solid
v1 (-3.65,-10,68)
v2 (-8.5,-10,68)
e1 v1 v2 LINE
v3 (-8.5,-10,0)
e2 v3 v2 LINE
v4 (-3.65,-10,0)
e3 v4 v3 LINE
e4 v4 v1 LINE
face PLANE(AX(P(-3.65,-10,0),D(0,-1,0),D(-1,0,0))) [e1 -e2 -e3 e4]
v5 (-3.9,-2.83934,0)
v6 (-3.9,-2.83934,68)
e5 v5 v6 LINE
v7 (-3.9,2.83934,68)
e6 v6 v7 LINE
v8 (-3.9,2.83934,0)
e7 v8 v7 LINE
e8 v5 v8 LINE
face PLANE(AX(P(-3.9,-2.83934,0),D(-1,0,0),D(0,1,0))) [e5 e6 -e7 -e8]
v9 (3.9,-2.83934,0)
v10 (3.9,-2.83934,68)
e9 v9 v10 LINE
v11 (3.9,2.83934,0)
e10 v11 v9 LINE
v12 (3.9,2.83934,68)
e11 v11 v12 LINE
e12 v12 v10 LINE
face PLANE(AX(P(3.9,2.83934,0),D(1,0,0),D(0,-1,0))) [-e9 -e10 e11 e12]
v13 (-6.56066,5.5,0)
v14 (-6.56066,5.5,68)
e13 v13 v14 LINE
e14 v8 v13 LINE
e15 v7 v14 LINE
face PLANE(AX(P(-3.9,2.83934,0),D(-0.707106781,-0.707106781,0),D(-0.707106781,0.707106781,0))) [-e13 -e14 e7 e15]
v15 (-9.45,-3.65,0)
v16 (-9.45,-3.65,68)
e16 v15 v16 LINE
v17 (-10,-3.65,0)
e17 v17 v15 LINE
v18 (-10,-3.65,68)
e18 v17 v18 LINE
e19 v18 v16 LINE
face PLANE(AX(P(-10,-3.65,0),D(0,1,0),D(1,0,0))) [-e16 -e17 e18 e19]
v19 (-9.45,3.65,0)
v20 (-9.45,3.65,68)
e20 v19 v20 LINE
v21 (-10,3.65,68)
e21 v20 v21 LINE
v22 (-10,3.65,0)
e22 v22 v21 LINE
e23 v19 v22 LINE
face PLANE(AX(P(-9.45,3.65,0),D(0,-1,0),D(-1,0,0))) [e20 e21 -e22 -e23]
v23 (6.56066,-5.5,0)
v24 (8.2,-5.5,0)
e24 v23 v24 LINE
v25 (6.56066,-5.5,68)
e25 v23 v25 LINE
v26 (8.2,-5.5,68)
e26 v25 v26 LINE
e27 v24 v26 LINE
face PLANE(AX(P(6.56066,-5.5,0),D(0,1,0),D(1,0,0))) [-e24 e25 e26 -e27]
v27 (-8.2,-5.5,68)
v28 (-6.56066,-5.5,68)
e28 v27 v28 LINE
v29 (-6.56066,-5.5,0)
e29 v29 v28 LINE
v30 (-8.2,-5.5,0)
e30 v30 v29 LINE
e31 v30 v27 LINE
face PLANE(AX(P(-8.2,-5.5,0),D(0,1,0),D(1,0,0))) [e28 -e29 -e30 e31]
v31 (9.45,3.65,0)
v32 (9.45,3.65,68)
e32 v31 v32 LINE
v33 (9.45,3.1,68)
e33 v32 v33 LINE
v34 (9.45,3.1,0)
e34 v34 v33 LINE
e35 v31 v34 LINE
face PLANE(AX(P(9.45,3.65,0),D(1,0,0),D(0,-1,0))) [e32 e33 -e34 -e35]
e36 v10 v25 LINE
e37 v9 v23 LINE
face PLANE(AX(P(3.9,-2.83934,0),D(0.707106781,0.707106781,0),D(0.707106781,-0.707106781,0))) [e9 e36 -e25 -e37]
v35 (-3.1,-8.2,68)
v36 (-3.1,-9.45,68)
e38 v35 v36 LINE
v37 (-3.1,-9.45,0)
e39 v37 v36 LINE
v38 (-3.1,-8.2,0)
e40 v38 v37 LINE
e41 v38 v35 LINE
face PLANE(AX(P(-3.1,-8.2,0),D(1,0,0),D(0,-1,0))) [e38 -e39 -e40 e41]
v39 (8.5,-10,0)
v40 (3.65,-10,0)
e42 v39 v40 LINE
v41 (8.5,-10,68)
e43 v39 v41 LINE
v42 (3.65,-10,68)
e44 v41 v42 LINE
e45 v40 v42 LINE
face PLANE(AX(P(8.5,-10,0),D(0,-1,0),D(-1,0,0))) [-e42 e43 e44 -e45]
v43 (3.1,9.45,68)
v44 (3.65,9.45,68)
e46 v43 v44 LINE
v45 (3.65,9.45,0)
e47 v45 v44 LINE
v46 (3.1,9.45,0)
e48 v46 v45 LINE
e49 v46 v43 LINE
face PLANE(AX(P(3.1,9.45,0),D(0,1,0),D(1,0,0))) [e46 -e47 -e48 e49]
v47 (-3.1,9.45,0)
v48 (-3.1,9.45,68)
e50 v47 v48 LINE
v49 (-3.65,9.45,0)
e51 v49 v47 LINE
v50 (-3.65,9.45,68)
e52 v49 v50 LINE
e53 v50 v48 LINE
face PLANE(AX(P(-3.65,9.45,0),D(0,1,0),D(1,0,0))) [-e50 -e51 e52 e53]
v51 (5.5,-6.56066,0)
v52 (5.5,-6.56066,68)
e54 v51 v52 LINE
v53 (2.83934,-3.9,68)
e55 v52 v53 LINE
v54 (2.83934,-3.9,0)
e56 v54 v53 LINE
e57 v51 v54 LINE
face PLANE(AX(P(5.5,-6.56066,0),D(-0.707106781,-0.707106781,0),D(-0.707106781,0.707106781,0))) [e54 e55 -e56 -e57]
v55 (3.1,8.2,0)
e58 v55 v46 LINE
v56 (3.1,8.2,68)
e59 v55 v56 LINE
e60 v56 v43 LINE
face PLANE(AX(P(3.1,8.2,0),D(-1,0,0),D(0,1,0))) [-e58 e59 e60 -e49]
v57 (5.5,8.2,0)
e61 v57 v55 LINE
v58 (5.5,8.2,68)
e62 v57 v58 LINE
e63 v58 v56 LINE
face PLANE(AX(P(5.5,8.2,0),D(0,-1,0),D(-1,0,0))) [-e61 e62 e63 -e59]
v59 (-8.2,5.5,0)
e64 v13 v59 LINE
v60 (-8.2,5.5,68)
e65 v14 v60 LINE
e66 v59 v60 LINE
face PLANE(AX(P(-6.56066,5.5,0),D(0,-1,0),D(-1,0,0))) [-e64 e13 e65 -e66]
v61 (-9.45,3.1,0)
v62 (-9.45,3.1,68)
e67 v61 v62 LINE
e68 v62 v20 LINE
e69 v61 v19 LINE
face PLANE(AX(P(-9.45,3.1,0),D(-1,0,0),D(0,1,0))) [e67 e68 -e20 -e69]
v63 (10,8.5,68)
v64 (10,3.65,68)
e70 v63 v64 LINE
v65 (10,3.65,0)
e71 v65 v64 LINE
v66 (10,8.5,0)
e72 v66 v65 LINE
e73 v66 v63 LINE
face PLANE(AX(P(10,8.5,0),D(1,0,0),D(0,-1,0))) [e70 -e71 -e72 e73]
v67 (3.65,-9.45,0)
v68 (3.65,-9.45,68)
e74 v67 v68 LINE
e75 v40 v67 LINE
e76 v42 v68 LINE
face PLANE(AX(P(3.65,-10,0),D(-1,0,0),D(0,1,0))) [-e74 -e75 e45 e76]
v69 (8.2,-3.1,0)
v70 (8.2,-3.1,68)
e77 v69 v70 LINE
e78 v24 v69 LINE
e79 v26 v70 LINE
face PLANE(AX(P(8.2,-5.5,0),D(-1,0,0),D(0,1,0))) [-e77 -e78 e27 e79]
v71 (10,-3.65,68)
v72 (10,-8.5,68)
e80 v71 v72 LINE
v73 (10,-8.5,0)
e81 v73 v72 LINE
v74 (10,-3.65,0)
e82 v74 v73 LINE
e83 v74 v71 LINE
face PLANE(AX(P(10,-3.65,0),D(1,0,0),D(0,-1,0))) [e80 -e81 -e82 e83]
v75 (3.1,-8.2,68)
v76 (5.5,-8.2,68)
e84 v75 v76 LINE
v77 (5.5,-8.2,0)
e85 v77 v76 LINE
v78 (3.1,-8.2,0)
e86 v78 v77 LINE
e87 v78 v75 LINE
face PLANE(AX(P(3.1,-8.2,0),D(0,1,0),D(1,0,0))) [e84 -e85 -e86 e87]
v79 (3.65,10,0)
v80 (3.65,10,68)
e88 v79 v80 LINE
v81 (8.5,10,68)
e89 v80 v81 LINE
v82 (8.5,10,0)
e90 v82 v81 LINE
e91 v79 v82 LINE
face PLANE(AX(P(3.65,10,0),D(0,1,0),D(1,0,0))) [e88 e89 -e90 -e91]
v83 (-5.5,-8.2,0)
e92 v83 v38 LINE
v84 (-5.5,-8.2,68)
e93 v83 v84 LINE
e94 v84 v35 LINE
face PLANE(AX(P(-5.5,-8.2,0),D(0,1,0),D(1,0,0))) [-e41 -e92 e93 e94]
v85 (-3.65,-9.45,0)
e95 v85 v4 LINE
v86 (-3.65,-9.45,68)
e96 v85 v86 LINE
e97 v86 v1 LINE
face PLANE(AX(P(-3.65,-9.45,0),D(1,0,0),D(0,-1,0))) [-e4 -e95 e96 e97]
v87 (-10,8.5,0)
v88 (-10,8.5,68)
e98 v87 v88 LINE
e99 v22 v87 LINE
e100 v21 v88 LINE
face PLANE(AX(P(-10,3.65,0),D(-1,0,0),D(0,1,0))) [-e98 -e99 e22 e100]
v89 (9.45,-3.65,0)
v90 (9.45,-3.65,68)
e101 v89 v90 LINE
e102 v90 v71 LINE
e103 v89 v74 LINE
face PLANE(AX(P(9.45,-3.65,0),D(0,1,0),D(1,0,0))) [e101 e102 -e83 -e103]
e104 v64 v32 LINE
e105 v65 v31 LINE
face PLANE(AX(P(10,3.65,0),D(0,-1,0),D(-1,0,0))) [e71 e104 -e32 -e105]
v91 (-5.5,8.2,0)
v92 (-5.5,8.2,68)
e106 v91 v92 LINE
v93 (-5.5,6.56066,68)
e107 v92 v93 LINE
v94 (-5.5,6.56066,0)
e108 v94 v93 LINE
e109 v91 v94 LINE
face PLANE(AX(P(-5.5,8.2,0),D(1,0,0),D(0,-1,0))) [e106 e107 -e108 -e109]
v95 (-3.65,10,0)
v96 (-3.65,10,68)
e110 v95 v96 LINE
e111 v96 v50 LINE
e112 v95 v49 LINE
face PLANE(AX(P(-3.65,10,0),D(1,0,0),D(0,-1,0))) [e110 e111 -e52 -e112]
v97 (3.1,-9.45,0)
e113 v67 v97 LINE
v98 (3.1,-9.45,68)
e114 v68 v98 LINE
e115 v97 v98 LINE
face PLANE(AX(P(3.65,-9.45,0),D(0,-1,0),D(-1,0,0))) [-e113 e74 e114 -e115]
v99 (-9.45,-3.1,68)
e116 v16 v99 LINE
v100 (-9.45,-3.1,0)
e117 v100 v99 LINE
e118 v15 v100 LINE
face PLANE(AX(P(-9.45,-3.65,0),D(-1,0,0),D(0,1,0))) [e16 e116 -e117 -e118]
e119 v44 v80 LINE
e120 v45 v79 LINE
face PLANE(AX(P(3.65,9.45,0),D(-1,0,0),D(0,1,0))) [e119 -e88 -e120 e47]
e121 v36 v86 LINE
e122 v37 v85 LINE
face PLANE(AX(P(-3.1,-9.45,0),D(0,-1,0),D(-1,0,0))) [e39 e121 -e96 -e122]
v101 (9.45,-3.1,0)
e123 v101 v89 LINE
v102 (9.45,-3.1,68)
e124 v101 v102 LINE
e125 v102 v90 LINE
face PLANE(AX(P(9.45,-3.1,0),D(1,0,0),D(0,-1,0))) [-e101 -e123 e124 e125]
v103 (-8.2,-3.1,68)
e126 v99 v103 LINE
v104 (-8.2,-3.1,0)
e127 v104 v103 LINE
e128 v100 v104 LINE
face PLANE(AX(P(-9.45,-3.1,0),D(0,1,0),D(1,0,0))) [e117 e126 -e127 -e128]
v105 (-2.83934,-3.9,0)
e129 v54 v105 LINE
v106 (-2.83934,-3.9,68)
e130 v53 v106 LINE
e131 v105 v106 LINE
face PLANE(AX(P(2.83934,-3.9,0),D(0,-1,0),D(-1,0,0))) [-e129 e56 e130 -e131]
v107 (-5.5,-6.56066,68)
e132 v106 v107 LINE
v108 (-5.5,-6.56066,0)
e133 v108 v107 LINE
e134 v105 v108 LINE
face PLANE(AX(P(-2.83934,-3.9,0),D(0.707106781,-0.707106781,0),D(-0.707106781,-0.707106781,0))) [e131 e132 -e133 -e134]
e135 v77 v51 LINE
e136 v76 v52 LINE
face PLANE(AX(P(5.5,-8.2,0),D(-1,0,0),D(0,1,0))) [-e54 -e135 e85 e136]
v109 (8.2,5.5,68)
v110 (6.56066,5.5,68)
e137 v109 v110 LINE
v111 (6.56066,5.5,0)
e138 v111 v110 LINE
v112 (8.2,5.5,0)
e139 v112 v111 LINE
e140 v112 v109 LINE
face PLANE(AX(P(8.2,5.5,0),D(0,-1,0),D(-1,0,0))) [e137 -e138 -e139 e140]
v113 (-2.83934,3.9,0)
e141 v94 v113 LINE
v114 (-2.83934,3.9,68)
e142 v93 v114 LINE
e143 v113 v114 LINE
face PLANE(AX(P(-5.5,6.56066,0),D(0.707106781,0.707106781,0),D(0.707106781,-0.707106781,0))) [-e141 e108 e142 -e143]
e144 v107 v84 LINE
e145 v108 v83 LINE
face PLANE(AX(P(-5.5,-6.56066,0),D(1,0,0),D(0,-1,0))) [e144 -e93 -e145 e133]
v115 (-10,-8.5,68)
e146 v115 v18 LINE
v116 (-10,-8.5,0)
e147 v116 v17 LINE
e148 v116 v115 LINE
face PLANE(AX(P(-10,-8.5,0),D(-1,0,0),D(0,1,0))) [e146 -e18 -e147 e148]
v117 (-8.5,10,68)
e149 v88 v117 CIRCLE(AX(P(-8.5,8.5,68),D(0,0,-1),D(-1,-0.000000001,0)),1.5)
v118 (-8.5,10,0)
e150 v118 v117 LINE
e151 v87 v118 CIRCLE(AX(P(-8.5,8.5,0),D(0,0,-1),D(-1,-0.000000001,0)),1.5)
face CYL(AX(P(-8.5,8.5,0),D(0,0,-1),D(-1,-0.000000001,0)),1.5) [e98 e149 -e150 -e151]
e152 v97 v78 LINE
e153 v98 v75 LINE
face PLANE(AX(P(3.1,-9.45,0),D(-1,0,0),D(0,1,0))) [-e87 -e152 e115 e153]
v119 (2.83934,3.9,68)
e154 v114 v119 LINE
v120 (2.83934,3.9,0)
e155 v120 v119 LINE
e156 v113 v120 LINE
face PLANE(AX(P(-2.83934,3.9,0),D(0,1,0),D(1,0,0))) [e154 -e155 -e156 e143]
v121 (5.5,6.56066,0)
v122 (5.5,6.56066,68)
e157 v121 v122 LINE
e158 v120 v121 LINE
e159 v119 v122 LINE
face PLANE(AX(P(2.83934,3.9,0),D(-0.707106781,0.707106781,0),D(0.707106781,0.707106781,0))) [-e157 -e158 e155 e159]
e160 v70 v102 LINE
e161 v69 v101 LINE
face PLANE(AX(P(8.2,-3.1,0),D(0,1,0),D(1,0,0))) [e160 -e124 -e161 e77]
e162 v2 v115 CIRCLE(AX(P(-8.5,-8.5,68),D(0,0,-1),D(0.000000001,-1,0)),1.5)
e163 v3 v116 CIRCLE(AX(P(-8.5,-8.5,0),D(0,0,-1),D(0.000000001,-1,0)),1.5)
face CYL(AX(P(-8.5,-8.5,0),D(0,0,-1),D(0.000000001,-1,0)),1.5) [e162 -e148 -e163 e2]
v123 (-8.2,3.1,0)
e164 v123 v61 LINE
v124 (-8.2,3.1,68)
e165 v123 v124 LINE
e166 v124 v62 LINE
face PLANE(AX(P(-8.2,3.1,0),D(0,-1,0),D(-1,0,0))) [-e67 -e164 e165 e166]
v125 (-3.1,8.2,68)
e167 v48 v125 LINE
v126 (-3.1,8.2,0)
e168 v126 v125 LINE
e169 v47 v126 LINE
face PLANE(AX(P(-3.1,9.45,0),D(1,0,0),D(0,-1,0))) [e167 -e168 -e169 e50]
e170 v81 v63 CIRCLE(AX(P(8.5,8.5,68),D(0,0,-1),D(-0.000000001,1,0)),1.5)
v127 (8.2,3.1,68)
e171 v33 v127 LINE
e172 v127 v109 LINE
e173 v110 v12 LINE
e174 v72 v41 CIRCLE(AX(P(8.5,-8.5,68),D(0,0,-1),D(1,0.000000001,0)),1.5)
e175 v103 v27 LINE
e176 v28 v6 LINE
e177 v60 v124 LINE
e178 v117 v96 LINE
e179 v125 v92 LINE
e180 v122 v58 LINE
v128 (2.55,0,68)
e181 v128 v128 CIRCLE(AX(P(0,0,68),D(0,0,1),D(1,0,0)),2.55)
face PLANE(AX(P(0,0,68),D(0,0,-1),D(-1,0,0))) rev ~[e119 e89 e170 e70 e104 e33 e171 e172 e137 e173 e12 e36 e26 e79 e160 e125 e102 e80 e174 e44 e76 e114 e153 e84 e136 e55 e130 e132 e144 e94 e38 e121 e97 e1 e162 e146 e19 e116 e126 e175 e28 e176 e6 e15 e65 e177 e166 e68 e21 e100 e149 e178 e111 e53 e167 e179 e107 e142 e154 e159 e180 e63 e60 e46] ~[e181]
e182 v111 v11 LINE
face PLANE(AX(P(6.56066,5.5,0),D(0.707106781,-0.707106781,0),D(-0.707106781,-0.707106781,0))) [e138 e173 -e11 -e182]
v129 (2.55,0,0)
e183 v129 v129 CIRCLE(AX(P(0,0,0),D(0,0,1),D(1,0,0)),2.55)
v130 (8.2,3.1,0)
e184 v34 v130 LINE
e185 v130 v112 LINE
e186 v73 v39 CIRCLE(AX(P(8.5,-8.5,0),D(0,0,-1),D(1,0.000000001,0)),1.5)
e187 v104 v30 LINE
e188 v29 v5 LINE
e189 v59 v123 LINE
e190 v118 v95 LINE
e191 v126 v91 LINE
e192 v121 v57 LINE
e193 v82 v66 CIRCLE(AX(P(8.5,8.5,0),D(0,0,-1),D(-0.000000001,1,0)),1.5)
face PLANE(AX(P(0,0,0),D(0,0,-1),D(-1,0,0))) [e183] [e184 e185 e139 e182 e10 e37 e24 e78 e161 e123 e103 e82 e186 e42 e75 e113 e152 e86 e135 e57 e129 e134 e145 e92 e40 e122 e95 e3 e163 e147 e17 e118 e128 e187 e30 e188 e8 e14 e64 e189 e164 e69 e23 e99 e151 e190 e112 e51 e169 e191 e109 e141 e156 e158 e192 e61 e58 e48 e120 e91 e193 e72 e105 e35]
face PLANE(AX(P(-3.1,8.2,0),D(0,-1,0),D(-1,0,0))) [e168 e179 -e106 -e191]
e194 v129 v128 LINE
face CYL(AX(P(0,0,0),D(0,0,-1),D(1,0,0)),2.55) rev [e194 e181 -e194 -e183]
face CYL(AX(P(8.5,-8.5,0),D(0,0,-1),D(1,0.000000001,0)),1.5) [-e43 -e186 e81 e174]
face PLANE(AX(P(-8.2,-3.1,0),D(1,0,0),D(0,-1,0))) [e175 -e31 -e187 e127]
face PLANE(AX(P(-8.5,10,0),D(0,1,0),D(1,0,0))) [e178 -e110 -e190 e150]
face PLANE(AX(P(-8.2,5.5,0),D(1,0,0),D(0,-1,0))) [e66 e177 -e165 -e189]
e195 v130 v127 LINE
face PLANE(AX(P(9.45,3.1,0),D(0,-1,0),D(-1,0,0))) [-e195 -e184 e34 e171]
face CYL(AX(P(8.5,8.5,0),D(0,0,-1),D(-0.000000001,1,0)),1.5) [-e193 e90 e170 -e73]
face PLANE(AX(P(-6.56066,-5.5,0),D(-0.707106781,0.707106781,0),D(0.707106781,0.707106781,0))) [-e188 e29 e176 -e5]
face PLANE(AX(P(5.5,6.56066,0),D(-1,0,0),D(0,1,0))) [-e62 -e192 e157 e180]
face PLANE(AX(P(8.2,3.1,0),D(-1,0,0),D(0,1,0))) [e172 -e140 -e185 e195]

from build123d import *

# Parameters (mm, degrees)
SKETCH_1_R      = 2.55
EXTRUDE_1_DEPTH = 68


with BuildPart() as part:
    # 草图1 → 凸台-拉伸1 (new body)
    with BuildSketch(Plane.XY):
        with BuildLine():
            Line((-3.9, 2.839339828), (-6.560660172, 5.5))
            Line((-6.560660172, 5.5), (-8.2, 5.5))
            Line((-8.2, 5.5), (-8.2, 3.1))
            Line((-8.2, 3.1), (-9.45, 3.1))
            Line((-9.45, 3.1), (-9.45, 3.65))
            Line((-9.45, 3.65), (-10, 3.65))
            Line((-10, 3.65), (-10, 8.5))
            ThreePointArc((-10, 8.5), (-9.560660172, 9.560660172), (-8.5, 10))
            Line((-8.5, 10), (-3.65, 10))
            Line((-3.65, 10), (-3.65, 9.45))
            Line((-3.65, 9.45), (-3.1, 9.45))
            Line((-3.1, 9.45), (-3.1, 8.2))
            Line((-3.1, 8.2), (-5.5, 8.2))
            Line((-5.5, 8.2), (-5.5, 6.560660172))
            Line((-5.5, 6.560660172), (-2.839339828, 3.9))
            Line((-2.839339828, 3.9), (2.839339828, 3.9))
            Line((2.839339828, 3.9), (5.5, 6.560660172))
            Line((5.5, 6.560660172), (5.5, 8.2))
            Line((5.5, 8.2), (3.1, 8.2))
            Line((3.1, 8.2), (3.1, 9.45))
            Line((3.1, 9.45), (3.65, 9.45))
            Line((3.65, 9.45), (3.65, 10))
            Line((3.65, 10), (8.5, 10))
            ThreePointArc((8.5, 10), (9.560660172, 9.560660172), (10, 8.5))
            Line((10, 8.5), (10, 3.65))
            Line((10, 3.65), (9.45, 3.65))
            Line((9.45, 3.65), (9.45, 3.1))
            Line((9.45, 3.1), (8.2, 3.1))
            Line((8.2, 3.1), (8.2, 5.5))
            Line((8.2, 5.5), (6.560660172, 5.5))
            Line((6.560660172, 5.5), (3.9, 2.839339828))
            Line((3.9, 2.839339828), (3.9, -2.839339828))
            Line((3.9, -2.839339828), (6.560660172, -5.5))
            Line((6.560660172, -5.5), (8.2, -5.5))
            Line((8.2, -5.5), (8.2, -3.1))
            Line((8.2, -3.1), (9.45, -3.1))
            Line((9.45, -3.1), (9.45, -3.65))
            Line((9.45, -3.65), (10, -3.65))
            Line((10, -3.65), (10, -8.5))
            ThreePointArc((10, -8.5), (9.560660172, -9.560660172), (8.5, -10))
            Line((8.5, -10), (3.65, -10))
            Line((3.65, -10), (3.65, -9.45))
            Line((3.65, -9.45), (3.1, -9.45))
            Line((3.1, -9.45), (3.1, -8.2))
            Line((3.1, -8.2), (5.5, -8.2))
            Line((5.5, -8.2), (5.5, -6.560660172))
            Line((5.5, -6.560660172), (2.839339828, -3.9))
            Line((2.839339828, -3.9), (-2.839339828, -3.9))
            Line((-2.839339828, -3.9), (-5.5, -6.560660172))
            Line((-5.5, -6.560660172), (-5.5, -8.2))
            Line((-5.5, -8.2), (-3.1, -8.2))
            Line((-3.1, -8.2), (-3.1, -9.45))
            Line((-3.1, -9.45), (-3.65, -9.45))
            Line((-3.65, -9.45), (-3.65, -10))
            Line((-3.65, -10), (-8.5, -10))
            ThreePointArc((-8.5, -10), (-9.560660172, -9.560660172), (-10, -8.5))
            Line((-10, -8.5), (-10, -3.65))
            Line((-10, -3.65), (-9.45, -3.65))
            Line((-9.45, -3.65), (-9.45, -3.1))
            Line((-9.45, -3.1), (-8.2, -3.1))
            Line((-8.2, -3.1), (-8.2, -5.5))
            Line((-8.2, -5.5), (-6.560660172, -5.5))
            Line((-6.560660172, -5.5), (-3.9, -2.839339828))
            Line((-3.9, -2.839339828), (-3.9, 2.839339828))
        make_face()
        Circle(SKETCH_1_R, mode=Mode.SUBTRACT)
    extrude(amount=EXTRUDE_1_DEPTH)


solid = part.part
